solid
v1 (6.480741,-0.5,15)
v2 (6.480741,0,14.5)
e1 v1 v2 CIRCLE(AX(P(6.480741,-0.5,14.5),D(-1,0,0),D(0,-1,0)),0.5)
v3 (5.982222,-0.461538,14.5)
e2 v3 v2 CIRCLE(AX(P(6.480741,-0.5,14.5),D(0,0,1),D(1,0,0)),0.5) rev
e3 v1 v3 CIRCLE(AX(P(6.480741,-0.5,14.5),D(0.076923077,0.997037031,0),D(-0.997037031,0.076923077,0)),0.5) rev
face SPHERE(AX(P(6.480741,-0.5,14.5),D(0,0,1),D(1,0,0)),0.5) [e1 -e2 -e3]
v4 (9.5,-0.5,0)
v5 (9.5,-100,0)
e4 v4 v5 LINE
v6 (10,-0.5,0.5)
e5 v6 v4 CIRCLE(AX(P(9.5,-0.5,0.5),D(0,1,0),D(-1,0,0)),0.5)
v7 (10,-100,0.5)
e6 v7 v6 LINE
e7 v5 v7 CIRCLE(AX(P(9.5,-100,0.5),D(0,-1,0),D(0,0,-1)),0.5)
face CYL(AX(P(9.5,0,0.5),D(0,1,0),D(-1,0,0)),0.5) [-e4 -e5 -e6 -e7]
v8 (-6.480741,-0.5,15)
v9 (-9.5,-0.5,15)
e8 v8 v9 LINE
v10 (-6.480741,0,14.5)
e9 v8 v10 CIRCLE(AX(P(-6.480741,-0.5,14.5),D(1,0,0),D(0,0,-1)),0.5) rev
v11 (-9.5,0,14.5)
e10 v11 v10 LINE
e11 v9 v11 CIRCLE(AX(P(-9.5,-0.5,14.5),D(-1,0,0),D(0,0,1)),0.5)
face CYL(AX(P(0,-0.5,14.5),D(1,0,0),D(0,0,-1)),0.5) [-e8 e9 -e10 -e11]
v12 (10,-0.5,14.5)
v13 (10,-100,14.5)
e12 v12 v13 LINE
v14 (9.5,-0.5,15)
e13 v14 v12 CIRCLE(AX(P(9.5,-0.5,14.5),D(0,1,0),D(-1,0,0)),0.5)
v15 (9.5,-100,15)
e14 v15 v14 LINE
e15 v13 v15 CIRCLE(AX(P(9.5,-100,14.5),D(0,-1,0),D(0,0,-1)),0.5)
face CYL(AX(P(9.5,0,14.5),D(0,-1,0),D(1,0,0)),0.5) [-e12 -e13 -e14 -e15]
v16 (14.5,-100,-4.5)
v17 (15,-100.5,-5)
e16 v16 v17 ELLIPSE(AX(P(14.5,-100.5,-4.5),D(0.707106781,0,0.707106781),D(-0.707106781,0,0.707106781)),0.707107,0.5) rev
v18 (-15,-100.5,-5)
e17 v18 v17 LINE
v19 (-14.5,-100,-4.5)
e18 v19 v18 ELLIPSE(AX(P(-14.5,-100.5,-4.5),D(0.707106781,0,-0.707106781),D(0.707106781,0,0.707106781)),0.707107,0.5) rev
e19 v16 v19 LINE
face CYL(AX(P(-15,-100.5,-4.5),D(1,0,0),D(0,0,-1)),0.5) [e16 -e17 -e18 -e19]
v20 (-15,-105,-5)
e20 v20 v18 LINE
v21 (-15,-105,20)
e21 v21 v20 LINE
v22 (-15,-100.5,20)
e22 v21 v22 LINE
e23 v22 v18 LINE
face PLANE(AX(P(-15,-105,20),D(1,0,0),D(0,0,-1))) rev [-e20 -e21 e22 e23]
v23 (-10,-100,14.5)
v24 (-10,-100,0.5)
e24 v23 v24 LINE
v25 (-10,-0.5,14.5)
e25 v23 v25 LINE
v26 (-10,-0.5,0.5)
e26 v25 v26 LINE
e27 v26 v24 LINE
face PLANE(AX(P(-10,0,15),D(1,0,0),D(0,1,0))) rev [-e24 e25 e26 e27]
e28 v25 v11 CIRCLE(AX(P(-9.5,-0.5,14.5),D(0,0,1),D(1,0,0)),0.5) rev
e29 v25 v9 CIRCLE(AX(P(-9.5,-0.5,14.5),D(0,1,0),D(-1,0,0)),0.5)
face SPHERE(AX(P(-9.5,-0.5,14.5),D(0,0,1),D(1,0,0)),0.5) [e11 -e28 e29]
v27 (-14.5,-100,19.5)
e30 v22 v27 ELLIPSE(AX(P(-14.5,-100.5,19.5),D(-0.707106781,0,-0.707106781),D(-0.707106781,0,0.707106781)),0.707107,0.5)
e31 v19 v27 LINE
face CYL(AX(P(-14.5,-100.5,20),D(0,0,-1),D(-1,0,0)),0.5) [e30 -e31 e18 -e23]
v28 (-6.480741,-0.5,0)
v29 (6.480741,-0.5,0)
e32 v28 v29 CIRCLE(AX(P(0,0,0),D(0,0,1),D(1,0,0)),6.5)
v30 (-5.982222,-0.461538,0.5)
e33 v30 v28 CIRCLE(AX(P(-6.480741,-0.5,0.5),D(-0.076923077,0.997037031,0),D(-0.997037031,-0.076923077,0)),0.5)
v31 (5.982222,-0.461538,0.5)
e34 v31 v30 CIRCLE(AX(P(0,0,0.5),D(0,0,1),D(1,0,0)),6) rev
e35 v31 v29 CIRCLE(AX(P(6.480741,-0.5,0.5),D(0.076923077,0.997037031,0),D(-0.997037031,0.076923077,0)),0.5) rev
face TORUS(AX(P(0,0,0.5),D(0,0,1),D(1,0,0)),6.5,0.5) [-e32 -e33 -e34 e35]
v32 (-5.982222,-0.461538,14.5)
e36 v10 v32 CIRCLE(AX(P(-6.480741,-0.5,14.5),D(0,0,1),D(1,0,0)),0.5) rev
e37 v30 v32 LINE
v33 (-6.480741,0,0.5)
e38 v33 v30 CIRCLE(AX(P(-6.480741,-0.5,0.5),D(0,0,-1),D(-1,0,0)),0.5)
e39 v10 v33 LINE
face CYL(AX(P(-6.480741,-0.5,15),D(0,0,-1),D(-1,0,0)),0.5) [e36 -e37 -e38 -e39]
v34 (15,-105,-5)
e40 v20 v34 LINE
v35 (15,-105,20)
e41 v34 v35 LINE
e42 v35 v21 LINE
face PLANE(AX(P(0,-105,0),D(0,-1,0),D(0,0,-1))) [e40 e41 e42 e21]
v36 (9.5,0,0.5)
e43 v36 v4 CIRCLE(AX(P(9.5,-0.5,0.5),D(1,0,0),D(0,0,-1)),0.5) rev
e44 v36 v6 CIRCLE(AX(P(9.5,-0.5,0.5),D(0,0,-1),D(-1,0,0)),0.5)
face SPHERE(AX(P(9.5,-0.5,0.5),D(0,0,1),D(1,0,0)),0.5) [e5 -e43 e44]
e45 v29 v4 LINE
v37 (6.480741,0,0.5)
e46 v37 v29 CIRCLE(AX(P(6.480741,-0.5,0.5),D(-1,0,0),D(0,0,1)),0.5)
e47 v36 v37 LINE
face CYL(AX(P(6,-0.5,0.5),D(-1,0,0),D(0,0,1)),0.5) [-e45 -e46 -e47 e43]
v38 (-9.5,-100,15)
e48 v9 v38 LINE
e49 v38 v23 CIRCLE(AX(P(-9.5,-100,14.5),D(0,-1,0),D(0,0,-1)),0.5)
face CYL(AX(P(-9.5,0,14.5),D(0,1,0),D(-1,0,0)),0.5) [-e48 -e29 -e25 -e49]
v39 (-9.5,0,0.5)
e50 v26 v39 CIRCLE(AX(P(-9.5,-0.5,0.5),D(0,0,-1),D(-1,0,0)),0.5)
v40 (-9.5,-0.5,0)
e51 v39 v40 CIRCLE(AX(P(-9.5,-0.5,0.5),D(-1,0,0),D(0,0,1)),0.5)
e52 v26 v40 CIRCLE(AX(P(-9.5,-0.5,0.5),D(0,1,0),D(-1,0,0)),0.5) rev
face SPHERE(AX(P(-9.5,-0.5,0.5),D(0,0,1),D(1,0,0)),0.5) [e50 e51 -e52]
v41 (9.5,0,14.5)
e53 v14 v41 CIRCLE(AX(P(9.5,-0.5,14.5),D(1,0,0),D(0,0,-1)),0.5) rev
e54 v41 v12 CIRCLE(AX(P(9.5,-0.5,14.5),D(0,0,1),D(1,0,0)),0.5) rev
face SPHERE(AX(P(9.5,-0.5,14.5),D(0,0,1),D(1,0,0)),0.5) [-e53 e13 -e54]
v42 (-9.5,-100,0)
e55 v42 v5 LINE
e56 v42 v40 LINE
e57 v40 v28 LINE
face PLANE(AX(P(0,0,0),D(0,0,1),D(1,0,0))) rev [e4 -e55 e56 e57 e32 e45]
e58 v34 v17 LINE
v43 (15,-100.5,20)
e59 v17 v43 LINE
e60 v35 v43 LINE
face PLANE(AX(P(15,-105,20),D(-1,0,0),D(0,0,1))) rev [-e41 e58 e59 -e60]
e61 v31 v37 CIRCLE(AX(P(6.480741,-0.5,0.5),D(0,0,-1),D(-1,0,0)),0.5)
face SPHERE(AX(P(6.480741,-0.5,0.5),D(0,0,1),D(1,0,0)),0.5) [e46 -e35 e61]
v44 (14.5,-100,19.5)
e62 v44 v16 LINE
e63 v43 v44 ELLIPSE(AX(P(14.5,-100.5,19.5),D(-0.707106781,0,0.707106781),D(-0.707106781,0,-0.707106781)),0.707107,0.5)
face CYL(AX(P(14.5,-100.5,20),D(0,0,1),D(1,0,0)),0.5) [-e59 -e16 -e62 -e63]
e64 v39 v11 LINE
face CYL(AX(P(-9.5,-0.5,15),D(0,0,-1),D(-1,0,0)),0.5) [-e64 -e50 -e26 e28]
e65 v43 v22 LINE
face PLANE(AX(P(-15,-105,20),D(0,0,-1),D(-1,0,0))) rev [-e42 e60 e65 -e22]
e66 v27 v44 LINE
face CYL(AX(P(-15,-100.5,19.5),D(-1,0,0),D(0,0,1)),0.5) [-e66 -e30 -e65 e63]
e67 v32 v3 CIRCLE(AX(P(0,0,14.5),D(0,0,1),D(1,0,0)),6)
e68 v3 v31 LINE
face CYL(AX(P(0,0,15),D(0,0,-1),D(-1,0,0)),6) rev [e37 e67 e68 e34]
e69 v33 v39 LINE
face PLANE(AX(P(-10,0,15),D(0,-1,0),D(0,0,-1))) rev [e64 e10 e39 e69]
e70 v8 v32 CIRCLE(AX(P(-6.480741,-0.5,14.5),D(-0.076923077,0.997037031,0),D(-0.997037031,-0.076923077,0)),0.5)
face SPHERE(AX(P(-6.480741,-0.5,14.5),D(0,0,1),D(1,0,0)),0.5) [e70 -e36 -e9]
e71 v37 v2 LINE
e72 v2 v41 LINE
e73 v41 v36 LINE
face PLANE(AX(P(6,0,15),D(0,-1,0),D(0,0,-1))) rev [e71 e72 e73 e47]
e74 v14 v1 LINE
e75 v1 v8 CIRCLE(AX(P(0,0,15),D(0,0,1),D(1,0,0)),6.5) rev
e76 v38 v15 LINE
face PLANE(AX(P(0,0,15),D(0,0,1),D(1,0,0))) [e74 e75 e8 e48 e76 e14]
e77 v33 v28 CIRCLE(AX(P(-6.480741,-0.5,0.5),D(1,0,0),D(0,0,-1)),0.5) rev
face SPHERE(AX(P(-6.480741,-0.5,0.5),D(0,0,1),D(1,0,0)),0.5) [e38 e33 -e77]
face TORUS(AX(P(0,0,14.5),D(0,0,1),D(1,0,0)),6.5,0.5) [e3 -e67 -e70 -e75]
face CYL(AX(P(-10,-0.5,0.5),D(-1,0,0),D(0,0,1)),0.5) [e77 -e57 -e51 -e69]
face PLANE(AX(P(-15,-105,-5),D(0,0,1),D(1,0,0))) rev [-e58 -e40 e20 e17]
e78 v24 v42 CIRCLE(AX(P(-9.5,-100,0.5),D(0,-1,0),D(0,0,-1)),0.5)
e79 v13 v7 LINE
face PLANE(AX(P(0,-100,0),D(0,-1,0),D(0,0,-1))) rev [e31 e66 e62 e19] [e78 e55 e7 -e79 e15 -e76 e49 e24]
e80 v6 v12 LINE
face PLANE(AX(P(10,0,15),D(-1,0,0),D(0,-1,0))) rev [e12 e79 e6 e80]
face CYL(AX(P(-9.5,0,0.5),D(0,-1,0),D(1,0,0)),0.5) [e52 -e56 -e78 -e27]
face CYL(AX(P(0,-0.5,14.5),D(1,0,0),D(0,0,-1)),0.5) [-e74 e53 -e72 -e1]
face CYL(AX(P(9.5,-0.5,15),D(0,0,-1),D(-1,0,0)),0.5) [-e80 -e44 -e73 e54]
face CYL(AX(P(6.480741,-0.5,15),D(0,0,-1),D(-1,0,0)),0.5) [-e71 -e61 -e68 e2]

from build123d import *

# Parameters (mm, degrees)
BOSS_EXTRU_1_DEPTH = 15
ESQUISSE2_W        = 30
ESQUISSE2_H        = 25
BOSS_EXTRU_2_DEPTH = 5
CONG_1_R           = 0.5


with BuildPart() as part:
    # Esquisse1 → Boss.-Extru.1 (new body)
    with BuildSketch(Plane.XY):
        with BuildLine():
            Line((6, 0), (10, 0))
            Line((10, 0), (10, -100))
            Line((10, -100), (-10, -100))
            Line((-10, -100), (-10, 0))
            Line((-10, 0), (-6, 0))
            ThreePointArc((-6, 0), (0, -6), (6, 0))
        make_face()
    extrude(amount=BOSS_EXTRU_1_DEPTH)

    # Esquisse2 → Boss.-Extru.2 (add)
    with BuildSketch(Plane.XZ.offset(100)):
        with Locations((0, 7.5)):
            Rectangle(ESQUISSE2_W, ESQUISSE2_H)
    extrude(amount=BOSS_EXTRU_2_DEPTH)

    # Congé1
    cong_1_edges = [part.edges().sort_by_distance(p)[0] for p in [
        (10, -50, 15),
        (-10, 0, 7.5),
        (-6, 0, 7.5),
        (6, 0, 7.5),
        (10, 0, 7.5),
        (8, 0, 15),
        (0, -6, 15),
        (-15, -100, 7.5),
        (-8, 0, 15),
        (0, -100, -5),
        (15, -100, 7.5),
        (0, -100, 20),
        (-10, -50, 15),
        (-8, 0, 0),
        (0, -6, 0),
        (8, 0, 0),
        (10, -50, 0),
        (-10, -50, 0),
    ]]
    fillet(cong_1_edges, radius=CONG_1_R)


solid = part.part
